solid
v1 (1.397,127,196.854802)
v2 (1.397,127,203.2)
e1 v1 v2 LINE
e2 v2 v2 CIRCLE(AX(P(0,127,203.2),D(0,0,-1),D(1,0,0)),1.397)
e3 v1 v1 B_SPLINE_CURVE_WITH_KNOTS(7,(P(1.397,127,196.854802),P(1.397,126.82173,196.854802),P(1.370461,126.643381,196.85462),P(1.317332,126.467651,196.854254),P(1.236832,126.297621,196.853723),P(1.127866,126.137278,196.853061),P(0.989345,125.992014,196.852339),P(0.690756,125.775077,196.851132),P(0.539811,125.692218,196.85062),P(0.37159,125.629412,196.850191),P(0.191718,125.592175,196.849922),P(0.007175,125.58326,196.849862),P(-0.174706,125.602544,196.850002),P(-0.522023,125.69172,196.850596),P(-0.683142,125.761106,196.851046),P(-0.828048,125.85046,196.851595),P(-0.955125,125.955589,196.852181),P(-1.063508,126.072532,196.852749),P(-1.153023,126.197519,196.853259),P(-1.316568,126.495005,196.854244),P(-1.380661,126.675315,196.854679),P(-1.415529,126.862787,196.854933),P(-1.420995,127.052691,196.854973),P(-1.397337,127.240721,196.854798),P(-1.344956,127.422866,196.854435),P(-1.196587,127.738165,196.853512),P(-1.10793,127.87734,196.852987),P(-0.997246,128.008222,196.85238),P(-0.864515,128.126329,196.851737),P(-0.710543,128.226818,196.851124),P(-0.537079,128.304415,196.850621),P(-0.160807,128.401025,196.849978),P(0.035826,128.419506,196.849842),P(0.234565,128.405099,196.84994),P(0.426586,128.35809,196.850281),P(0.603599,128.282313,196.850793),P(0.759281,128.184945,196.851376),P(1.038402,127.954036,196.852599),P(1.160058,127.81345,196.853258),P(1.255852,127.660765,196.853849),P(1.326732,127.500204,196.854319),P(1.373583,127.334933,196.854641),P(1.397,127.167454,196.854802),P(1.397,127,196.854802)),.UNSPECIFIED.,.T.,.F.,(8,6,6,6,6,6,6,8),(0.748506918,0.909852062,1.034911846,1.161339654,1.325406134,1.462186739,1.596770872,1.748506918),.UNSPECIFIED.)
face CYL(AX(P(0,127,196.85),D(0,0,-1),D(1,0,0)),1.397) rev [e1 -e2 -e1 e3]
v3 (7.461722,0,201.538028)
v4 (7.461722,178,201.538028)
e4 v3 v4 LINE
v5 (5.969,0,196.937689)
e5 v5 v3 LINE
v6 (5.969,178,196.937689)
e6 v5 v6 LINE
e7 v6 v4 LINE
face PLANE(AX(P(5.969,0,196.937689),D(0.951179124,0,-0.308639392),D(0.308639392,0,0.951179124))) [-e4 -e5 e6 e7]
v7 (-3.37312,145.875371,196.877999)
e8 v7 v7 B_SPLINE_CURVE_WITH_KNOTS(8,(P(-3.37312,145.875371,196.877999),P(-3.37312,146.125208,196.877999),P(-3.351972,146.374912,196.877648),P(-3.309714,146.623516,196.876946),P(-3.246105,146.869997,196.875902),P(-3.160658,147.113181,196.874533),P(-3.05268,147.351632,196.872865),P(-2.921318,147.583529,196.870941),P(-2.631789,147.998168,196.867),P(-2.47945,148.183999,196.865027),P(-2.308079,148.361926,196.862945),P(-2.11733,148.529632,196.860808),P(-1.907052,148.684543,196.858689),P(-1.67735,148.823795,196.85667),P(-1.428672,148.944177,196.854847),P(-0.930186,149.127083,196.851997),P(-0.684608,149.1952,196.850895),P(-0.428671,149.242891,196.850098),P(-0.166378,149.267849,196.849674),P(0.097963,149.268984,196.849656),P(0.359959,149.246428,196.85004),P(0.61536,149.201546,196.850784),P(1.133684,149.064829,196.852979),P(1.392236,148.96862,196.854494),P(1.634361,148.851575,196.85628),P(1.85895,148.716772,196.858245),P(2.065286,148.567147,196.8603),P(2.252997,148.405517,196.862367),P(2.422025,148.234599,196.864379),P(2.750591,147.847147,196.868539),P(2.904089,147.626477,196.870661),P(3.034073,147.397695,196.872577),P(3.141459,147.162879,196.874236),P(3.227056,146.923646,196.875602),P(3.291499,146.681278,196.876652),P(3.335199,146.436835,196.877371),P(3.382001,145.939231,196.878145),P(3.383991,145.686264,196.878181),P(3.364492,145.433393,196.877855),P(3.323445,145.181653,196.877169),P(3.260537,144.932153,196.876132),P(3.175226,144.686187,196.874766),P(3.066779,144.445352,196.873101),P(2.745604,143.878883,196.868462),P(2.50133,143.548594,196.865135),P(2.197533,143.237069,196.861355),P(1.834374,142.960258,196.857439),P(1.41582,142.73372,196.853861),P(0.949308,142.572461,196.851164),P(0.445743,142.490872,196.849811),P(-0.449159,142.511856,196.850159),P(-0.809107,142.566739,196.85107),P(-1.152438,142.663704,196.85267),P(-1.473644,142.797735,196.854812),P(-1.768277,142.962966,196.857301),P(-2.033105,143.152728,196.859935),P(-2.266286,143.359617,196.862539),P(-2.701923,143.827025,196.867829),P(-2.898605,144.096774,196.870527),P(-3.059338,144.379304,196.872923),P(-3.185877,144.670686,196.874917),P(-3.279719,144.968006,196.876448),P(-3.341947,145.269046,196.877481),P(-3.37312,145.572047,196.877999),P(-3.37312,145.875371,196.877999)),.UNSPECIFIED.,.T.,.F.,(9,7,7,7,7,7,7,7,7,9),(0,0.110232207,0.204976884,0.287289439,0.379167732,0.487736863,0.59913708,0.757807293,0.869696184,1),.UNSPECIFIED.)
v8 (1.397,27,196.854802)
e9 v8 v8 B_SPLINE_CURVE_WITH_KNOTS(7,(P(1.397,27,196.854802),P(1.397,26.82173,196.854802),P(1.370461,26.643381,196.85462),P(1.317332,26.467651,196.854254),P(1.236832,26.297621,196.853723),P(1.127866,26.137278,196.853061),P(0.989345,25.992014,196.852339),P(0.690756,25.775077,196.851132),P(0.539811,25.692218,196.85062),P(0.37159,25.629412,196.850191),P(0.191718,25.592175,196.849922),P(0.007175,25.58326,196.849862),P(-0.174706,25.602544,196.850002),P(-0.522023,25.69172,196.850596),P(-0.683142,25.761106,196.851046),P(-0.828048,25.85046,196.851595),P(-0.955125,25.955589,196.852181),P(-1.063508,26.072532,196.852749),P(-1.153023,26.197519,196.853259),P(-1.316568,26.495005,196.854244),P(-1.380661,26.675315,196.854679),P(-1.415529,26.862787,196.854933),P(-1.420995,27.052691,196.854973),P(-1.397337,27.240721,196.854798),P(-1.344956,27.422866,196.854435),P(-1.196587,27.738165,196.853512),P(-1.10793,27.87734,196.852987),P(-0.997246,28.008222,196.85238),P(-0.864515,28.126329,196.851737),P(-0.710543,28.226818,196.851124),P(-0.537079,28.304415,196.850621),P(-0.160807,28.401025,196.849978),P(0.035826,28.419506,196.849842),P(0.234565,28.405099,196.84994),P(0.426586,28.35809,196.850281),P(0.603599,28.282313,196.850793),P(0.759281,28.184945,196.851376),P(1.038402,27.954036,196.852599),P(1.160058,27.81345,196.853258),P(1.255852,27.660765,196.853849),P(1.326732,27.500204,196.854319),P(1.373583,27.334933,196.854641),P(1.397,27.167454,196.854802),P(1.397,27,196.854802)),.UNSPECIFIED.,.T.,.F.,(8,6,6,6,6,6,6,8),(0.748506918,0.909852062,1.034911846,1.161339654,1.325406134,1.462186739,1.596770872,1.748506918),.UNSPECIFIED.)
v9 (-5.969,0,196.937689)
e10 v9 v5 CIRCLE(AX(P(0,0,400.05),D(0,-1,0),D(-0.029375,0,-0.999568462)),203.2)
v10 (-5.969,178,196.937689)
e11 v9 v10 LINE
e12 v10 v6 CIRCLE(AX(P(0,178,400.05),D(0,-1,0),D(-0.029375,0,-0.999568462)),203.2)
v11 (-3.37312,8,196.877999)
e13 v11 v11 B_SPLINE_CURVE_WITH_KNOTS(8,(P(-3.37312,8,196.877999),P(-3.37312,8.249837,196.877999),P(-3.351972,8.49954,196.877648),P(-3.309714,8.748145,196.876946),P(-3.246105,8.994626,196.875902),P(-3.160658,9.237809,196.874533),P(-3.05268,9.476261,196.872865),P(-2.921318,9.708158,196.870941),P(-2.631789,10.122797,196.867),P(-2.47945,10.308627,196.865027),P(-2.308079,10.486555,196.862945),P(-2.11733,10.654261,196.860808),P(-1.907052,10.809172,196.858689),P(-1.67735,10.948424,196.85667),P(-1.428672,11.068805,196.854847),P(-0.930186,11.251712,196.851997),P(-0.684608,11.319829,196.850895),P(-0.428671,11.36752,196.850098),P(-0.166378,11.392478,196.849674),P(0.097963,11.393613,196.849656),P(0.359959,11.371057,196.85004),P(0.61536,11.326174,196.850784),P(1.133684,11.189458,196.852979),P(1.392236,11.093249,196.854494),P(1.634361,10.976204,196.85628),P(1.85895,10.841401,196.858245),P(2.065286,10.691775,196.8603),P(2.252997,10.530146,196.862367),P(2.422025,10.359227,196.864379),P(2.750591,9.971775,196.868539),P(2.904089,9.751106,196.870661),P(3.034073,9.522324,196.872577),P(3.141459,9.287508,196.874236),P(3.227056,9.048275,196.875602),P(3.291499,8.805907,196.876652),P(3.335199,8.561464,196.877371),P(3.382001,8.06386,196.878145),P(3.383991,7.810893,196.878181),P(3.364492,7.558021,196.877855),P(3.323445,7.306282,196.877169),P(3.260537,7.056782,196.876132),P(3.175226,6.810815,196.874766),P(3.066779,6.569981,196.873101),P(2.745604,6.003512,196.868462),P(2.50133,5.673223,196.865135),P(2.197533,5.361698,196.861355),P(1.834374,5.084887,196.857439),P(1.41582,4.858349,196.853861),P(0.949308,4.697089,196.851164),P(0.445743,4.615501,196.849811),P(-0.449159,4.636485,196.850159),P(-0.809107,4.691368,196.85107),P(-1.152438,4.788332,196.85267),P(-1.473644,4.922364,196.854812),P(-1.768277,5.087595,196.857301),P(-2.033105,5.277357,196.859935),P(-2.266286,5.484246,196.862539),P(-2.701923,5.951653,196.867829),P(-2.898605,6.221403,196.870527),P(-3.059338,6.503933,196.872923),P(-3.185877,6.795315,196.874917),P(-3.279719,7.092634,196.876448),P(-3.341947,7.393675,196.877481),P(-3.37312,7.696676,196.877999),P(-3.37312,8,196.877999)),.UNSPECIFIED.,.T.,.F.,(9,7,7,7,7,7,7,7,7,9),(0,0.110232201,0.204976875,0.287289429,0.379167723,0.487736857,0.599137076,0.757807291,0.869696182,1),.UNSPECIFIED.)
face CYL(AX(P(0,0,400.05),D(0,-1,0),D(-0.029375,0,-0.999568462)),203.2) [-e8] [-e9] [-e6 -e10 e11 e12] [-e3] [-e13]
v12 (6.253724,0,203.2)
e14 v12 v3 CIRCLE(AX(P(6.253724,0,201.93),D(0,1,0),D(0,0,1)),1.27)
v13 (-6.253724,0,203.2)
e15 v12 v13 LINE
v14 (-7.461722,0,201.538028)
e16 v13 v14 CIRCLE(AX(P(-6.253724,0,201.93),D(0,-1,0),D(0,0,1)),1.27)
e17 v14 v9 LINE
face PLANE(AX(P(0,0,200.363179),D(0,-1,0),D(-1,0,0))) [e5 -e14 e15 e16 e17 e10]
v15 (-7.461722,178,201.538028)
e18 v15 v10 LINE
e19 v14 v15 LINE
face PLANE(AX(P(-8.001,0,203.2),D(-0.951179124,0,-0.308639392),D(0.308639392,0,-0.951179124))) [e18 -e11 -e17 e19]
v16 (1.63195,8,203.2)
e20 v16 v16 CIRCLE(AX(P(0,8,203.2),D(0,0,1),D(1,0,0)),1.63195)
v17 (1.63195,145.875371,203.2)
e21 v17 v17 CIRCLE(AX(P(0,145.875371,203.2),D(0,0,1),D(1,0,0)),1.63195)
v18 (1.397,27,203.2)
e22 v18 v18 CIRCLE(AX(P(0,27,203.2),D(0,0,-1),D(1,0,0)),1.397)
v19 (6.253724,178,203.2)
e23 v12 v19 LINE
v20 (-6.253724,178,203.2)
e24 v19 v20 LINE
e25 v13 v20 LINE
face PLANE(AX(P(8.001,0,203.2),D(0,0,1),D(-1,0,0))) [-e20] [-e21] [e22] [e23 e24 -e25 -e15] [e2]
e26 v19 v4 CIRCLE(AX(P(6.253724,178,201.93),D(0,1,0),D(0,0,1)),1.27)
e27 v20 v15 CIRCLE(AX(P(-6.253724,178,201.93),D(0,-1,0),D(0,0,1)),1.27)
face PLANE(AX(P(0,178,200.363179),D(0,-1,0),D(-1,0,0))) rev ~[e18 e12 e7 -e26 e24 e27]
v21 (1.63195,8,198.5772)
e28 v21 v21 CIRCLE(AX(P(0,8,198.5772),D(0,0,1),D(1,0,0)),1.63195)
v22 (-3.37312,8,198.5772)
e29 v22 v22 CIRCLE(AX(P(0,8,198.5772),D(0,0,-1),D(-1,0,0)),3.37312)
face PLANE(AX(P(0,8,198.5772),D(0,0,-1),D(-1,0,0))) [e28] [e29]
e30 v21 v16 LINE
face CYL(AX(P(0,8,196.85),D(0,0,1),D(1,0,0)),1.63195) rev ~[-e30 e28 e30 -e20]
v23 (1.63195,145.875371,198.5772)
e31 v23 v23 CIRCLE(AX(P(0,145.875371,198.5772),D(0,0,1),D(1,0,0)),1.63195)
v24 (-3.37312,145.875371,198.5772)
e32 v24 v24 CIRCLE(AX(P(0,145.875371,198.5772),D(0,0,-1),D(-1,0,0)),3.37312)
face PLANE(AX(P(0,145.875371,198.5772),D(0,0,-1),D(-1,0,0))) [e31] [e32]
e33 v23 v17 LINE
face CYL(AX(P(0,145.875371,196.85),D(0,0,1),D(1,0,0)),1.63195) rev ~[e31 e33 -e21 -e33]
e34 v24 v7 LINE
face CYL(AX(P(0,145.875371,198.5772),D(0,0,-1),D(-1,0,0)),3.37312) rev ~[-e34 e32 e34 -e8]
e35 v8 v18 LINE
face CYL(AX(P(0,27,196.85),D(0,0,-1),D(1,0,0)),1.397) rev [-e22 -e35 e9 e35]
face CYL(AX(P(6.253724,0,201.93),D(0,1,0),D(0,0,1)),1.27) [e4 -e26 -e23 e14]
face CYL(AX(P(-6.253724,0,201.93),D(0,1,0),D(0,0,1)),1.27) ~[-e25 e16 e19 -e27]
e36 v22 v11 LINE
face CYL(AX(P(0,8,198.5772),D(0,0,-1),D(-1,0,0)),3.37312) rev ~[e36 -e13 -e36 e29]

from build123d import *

# Parameters (mm, degrees)
BOSS_EXTRUDE1_DEPTH                                 = 178
CBORE_FOR_4_BINDING_HEAD_MACHINE_SCREW3_D           = 3.2639
CBORE_FOR_4_BINDING_HEAD_MACHINE_SCREW3_CBORE_D     = 6.74624
CBORE_FOR_4_BINDING_HEAD_MACHINE_SCREW3_CBORE_DEPTH = 1.7272
SKETCH3_R                                           = 1.397
CUT_EXTRUDE1_DEPTH                                  = 7.35
FILLET1_R                                           = 1.27


with BuildPart() as part:
    # Sketch2 → Boss-Extrude1 (new body)
    with BuildSketch(Plane(origin=(0, 0, 0), x_dir=(1, 0, 0), z_dir=(0, 1, 0))):
        with BuildLine():
            Line((8.001, -203.2), (-8.001, -203.2))
            Line((-8.001, -203.2), (-5.969, -196.937688608))
            ThreePointArc((-5.969, -196.937688608), (0, -196.85), (5.969, -196.937688608))
            Line((5.969, -196.937688608), (8.001, -203.2))
        make_face()
    extrude(amount=BOSS_EXTRUDE1_DEPTH)

    # CBORE for #4 Binding Head Machine Screw3 (through all)
    with Locations(Plane(origin=(0, 8, 196.85), x_dir=(-1, 0, 0), z_dir=(0, 0, -1))):
        with Locations((0, 0), (0, 137.875371205)):
            CounterBoreHole(CBORE_FOR_4_BINDING_HEAD_MACHINE_SCREW3_D / 2, CBORE_FOR_4_BINDING_HEAD_MACHINE_SCREW3_CBORE_D / 2, CBORE_FOR_4_BINDING_HEAD_MACHINE_SCREW3_CBORE_DEPTH)

    # Sketch3 → Cut-Extrude1 (cut, through all)
    with BuildSketch(Plane.XY.offset(196.85)):
        with Locations((0, 27)):
            Circle(SKETCH3_R)
        with Locations((0, 127)):
            Circle(SKETCH3_R)
    extrude(amount=CUT_EXTRUDE1_DEPTH, mode=Mode.SUBTRACT)

    # Fillet1
    fillet1_edges = [part.edges().sort_by_distance(p)[0] for p in [
        (8.001, 89, 203.2),
        (-8.001, 89, 203.2),
    ]]
    fillet(fillet1_edges, radius=FILLET1_R)


solid = part.part
